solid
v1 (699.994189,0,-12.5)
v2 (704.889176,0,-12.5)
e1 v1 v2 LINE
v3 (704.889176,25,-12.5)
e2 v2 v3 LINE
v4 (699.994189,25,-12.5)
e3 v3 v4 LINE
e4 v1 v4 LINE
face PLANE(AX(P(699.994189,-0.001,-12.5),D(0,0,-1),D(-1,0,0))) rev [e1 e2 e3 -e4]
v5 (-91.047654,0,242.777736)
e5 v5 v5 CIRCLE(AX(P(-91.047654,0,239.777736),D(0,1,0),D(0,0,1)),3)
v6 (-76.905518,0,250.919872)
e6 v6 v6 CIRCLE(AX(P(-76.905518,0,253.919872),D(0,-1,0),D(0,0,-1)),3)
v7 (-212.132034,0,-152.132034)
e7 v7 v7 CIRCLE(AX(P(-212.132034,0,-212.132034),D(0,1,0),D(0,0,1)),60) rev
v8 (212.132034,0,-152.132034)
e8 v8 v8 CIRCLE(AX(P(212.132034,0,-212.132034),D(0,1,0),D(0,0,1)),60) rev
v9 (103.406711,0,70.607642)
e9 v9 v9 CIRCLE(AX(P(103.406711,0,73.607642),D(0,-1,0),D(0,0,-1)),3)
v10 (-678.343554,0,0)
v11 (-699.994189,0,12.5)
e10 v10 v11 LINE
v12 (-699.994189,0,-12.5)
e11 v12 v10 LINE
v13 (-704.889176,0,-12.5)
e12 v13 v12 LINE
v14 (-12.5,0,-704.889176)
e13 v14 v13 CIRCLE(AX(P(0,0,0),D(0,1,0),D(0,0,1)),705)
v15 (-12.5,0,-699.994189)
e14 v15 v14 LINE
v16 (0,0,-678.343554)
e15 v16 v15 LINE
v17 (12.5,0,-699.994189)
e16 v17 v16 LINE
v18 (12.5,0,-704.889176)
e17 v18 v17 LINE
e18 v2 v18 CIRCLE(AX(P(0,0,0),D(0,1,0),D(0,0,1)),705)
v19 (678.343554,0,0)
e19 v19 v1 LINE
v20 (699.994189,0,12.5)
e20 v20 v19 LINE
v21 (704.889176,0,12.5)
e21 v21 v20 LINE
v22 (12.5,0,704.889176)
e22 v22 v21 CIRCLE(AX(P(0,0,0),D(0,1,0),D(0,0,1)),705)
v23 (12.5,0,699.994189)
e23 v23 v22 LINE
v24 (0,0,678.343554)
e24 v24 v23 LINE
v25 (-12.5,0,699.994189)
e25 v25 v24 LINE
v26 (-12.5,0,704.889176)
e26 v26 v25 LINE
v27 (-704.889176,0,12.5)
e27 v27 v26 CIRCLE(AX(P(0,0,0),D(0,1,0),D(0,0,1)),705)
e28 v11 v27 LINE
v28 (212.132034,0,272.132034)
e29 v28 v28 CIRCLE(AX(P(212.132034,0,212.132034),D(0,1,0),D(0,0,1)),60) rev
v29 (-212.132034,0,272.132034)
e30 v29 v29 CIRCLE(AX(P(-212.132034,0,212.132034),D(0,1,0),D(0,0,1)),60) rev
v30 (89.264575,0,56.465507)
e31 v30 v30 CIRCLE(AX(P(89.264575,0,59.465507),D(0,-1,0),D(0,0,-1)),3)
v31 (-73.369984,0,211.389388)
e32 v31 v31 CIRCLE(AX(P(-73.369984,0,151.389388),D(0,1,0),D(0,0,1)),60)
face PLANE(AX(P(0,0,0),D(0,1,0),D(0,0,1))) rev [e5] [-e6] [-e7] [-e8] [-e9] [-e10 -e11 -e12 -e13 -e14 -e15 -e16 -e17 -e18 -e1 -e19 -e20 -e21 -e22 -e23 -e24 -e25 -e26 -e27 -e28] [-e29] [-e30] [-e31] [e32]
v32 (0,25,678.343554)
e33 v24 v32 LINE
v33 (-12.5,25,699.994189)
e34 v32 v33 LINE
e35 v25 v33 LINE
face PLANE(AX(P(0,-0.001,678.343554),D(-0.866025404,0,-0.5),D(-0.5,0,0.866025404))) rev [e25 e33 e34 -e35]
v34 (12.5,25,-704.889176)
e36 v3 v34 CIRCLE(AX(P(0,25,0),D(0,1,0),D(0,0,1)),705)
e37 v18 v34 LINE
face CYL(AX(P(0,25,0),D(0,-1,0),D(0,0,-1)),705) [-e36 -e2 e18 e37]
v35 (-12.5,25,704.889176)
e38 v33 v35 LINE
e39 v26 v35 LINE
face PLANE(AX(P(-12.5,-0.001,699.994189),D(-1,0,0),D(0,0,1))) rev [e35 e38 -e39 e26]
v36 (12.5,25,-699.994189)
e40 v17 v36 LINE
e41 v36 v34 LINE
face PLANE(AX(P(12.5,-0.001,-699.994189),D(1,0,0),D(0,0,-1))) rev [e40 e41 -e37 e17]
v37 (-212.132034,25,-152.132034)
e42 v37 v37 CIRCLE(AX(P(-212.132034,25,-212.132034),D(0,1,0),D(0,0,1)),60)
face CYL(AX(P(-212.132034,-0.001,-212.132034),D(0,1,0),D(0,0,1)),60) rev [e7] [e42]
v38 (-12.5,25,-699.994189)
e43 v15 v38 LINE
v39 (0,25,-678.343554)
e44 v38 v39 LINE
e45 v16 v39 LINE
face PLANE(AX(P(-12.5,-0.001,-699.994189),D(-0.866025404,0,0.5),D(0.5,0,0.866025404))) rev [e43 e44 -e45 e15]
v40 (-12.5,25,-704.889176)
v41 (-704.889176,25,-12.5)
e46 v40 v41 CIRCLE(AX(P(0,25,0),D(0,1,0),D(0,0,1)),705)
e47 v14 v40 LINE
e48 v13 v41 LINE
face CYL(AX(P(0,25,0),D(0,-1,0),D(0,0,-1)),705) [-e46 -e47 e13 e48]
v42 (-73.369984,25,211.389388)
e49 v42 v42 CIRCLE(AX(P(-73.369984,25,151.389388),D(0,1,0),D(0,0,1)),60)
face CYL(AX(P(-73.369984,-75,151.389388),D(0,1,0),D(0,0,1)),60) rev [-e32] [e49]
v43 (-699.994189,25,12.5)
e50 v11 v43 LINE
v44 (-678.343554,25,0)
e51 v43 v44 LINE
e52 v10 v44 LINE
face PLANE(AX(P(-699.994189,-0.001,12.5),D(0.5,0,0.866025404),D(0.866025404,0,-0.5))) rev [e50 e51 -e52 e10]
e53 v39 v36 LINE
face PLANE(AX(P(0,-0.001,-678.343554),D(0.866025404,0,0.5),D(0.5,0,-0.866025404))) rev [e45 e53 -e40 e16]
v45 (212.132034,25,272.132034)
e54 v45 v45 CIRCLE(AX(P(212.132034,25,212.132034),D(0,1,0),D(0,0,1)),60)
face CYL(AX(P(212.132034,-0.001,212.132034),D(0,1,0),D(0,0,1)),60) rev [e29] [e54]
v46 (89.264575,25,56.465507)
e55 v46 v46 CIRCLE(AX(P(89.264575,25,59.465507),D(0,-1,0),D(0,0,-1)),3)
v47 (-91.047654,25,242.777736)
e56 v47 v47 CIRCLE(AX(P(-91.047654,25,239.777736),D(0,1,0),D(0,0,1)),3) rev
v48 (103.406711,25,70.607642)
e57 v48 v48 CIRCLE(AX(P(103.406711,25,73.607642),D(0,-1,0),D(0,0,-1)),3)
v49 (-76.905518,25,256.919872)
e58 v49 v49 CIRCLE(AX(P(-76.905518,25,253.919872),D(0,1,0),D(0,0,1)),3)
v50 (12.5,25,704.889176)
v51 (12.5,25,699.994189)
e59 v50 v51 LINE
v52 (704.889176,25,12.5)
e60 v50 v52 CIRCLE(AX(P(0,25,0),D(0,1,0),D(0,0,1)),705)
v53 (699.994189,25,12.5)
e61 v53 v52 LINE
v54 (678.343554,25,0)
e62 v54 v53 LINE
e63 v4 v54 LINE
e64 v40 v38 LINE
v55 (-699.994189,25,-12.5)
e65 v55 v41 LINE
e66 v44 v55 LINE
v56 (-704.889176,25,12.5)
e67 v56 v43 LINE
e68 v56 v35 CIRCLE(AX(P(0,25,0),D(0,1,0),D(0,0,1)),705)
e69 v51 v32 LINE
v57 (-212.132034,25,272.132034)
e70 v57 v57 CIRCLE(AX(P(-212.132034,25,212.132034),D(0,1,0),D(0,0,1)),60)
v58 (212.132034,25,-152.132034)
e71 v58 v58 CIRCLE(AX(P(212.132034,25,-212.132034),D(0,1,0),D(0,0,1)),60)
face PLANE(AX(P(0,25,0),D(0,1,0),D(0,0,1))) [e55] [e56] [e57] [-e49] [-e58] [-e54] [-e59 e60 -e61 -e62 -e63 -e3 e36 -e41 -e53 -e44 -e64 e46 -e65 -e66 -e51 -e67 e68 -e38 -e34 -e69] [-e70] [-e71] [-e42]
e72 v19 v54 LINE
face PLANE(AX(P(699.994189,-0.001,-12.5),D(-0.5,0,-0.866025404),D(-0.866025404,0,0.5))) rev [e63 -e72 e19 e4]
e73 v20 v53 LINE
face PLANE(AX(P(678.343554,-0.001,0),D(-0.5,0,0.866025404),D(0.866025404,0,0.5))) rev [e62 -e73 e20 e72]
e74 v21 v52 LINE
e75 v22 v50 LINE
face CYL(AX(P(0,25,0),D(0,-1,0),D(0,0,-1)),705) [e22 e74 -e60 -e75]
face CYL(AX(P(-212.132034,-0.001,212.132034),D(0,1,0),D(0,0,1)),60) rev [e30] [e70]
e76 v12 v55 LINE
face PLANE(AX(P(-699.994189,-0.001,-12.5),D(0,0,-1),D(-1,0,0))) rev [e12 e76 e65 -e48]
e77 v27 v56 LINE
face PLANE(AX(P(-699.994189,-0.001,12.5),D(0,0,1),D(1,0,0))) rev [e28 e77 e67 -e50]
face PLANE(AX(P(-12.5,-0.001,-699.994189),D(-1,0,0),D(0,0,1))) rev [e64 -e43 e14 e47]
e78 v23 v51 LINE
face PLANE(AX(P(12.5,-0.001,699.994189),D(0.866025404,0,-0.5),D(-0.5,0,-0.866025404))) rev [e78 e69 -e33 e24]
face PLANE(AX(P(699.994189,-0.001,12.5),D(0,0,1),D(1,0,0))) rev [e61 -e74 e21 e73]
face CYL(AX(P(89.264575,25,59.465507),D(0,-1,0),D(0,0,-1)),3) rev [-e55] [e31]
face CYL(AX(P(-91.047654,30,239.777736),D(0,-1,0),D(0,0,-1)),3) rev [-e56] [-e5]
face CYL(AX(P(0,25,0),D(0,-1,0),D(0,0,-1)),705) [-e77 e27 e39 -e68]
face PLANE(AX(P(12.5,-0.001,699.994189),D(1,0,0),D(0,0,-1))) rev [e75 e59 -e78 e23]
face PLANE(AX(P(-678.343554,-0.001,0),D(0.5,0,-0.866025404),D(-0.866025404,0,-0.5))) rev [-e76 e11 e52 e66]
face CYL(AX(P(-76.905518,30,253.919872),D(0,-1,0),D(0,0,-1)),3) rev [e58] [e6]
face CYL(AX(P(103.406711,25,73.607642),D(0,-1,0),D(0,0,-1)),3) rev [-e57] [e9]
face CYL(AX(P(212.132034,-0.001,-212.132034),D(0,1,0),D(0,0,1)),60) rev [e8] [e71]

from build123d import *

# Parameters (mm, degrees)
SKETCH_1_R               = 705
EXTRUDE_1_DEPTH          = 25
CUT_EXTRUDE_1_REACH      = 999.334
PATTERN_CIRCULAR_1_COUNT = 4
CUT_EXTRUDE_2_REACH      = 999.177
SKETCH_8_R               = 60
SKETCH_11_R              = 60
CUT_EXTRUDE_3_DEPTH      = 100
SKETCH_12_R              = 3
CUT_EXTRUDE_4_DEPTH      = 998.177266087
SKETCH_13_R              = 3
CUT_EXTRUDE_5_DEPTH      = 30


with BuildPart() as part:
    # 草图1 → 凸台-拉伸1 (new body)
    with BuildSketch(Plane(origin=(0, 0, 0), x_dir=(1, 0, 0), z_dir=(0, 1, 0))):
        with Locations(Location((0, 0, 0), (0, 0, 270))):
            Circle(SKETCH_1_R)
    extrude(amount=EXTRUDE_1_DEPTH)

    # 草图2 → 切除-拉伸1 (cut, up to next)
    with BuildSketch(Plane(origin=(0, 25, 0), x_dir=(1, 0, 0), z_dir=(0, 1, 0)), mode=Mode.PRIVATE) as cut_extrude_1_sk1:
        with BuildLine():
            Line((-12.5, -699.994189271), (-12.5, -704.889175687))
            ThreePointArc((-12.5, -704.889175687), (0, -705), (12.5, -704.889175687))
            Line((12.5, -704.889175687), (12.5, -699.994189271))
            Line((12.5, -699.994189271), (0, -678.343554177))
            Line((0, -678.343554177), (-12.5, -699.994189271))
        make_face()
    cut_extrude_1_tool1 = extrude(cut_extrude_1_sk1.sketch, amount=-CUT_EXTRUDE_1_REACH, mode=Mode.PRIVATE) & part.part
    cut_extrude_1 = cut_extrude_1_tool1.solids().sort_by_distance((0, 25, 695.82939))[0]
    add(cut_extrude_1, mode=Mode.SUBTRACT)

    # 阵列(圆周)1: 切除-拉伸1 ×4 about axis
    pattern_circular_1_axis = Axis((0, 0, 0), (0, 1, 0))
    for i in range(1, PATTERN_CIRCULAR_1_COUNT):
        add(cut_extrude_1.rotate(pattern_circular_1_axis, i * 360 / PATTERN_CIRCULAR_1_COUNT), mode=Mode.SUBTRACT)

    # 草图8 → 切除-拉伸2 (cut, up to next)
    with BuildSketch(Plane(origin=(0, 25, 0), x_dir=(1, 0, 0), z_dir=(0, 1, 0)), mode=Mode.PRIVATE) as cut_extrude_2_sk1:
        with Locations(Location((212.132034356, -212.132034356, 0), (0, 0, 270))):
            Circle(SKETCH_8_R)
    cut_extrude_2_tool1 = extrude(cut_extrude_2_sk1.sketch, amount=-CUT_EXTRUDE_2_REACH, mode=Mode.PRIVATE) & part.part
    # 草图8 → 切除-拉伸2 (cut, up to next)
    with BuildSketch(Plane(origin=(0, 25, 0), x_dir=(1, 0, 0), z_dir=(0, 1, 0)), mode=Mode.PRIVATE) as cut_extrude_2_sk2:
        with Locations(Location((-212.132034356, -212.132034356, 0), (0, 0, 270))):
            Circle(SKETCH_8_R)
    cut_extrude_2_tool2 = extrude(cut_extrude_2_sk2.sketch, amount=-CUT_EXTRUDE_2_REACH, mode=Mode.PRIVATE) & part.part
    # 草图8 → 切除-拉伸2 (cut, up to next)
    with BuildSketch(Plane(origin=(0, 25, 0), x_dir=(1, 0, 0), z_dir=(0, 1, 0)), mode=Mode.PRIVATE) as cut_extrude_2_sk3:
        with Locations(Location((-212.132034356, 212.132034356, 0), (0, 0, 270))):
            Circle(SKETCH_8_R)
    cut_extrude_2_tool3 = extrude(cut_extrude_2_sk3.sketch, amount=-CUT_EXTRUDE_2_REACH, mode=Mode.PRIVATE) & part.part
    # 草图8 → 切除-拉伸2 (cut, up to next)
    with BuildSketch(Plane(origin=(0, 25, 0), x_dir=(1, 0, 0), z_dir=(0, 1, 0)), mode=Mode.PRIVATE) as cut_extrude_2_sk4:
        with Locations(Location((212.132034356, 212.132034356, 0), (0, 0, 270))):
            Circle(SKETCH_8_R)
    cut_extrude_2_tool4 = extrude(cut_extrude_2_sk4.sketch, amount=-CUT_EXTRUDE_2_REACH, mode=Mode.PRIVATE) & part.part
    add(cut_extrude_2_tool1.solids().sort_by_distance((212.132034, 25, 212.132034))[0], mode=Mode.SUBTRACT)
    add(cut_extrude_2_tool2.solids().sort_by_distance((-212.132034, 25, 212.132034))[0], mode=Mode.SUBTRACT)
    add(cut_extrude_2_tool3.solids().sort_by_distance((-212.132034, 25, -212.132034))[0], mode=Mode.SUBTRACT)
    add(cut_extrude_2_tool4.solids().sort_by_distance((212.132034, 25, -212.132034))[0], mode=Mode.SUBTRACT)

    # 草图11 → 切除-拉伸3 (cut)
    with BuildSketch(Plane(origin=(0, 25, 0), x_dir=(1, 0, 0), z_dir=(0, 1, 0))):
        with Locations(Location((-73.369984345, -151.389388343, 0), (0, 0, 270))):
            Circle(SKETCH_11_R)
    extrude(amount=-CUT_EXTRUDE_3_DEPTH, mode=Mode.SUBTRACT)

    # 草图12 → 切除-拉伸4 (cut, through all)
    with BuildSketch(Plane.XZ):
        with Locations(Location((103.406710952, 73.607642412, 0), (0, 0, 270))):
            Circle(SKETCH_12_R)
        with Locations(Location((89.264575328, 59.465506788, 0), (0, 0, 270))):
            Circle(SKETCH_12_R)
    extrude(amount=-CUT_EXTRUDE_4_DEPTH, mode=Mode.SUBTRACT)

    # 草图13 → 切除-拉伸5 (cut)
    with BuildSketch(Plane.XZ):
        with Locations(Location((-76.905518251, 253.919871615, 0), (0, 0, 270))):
            Circle(SKETCH_13_R)
        with Locations(Location((-91.047653874, 239.777735991, 0), (0, 0, 90))):
            Circle(SKETCH_13_R)
    extrude(amount=-CUT_EXTRUDE_5_DEPTH, mode=Mode.SUBTRACT)


solid = part.part
